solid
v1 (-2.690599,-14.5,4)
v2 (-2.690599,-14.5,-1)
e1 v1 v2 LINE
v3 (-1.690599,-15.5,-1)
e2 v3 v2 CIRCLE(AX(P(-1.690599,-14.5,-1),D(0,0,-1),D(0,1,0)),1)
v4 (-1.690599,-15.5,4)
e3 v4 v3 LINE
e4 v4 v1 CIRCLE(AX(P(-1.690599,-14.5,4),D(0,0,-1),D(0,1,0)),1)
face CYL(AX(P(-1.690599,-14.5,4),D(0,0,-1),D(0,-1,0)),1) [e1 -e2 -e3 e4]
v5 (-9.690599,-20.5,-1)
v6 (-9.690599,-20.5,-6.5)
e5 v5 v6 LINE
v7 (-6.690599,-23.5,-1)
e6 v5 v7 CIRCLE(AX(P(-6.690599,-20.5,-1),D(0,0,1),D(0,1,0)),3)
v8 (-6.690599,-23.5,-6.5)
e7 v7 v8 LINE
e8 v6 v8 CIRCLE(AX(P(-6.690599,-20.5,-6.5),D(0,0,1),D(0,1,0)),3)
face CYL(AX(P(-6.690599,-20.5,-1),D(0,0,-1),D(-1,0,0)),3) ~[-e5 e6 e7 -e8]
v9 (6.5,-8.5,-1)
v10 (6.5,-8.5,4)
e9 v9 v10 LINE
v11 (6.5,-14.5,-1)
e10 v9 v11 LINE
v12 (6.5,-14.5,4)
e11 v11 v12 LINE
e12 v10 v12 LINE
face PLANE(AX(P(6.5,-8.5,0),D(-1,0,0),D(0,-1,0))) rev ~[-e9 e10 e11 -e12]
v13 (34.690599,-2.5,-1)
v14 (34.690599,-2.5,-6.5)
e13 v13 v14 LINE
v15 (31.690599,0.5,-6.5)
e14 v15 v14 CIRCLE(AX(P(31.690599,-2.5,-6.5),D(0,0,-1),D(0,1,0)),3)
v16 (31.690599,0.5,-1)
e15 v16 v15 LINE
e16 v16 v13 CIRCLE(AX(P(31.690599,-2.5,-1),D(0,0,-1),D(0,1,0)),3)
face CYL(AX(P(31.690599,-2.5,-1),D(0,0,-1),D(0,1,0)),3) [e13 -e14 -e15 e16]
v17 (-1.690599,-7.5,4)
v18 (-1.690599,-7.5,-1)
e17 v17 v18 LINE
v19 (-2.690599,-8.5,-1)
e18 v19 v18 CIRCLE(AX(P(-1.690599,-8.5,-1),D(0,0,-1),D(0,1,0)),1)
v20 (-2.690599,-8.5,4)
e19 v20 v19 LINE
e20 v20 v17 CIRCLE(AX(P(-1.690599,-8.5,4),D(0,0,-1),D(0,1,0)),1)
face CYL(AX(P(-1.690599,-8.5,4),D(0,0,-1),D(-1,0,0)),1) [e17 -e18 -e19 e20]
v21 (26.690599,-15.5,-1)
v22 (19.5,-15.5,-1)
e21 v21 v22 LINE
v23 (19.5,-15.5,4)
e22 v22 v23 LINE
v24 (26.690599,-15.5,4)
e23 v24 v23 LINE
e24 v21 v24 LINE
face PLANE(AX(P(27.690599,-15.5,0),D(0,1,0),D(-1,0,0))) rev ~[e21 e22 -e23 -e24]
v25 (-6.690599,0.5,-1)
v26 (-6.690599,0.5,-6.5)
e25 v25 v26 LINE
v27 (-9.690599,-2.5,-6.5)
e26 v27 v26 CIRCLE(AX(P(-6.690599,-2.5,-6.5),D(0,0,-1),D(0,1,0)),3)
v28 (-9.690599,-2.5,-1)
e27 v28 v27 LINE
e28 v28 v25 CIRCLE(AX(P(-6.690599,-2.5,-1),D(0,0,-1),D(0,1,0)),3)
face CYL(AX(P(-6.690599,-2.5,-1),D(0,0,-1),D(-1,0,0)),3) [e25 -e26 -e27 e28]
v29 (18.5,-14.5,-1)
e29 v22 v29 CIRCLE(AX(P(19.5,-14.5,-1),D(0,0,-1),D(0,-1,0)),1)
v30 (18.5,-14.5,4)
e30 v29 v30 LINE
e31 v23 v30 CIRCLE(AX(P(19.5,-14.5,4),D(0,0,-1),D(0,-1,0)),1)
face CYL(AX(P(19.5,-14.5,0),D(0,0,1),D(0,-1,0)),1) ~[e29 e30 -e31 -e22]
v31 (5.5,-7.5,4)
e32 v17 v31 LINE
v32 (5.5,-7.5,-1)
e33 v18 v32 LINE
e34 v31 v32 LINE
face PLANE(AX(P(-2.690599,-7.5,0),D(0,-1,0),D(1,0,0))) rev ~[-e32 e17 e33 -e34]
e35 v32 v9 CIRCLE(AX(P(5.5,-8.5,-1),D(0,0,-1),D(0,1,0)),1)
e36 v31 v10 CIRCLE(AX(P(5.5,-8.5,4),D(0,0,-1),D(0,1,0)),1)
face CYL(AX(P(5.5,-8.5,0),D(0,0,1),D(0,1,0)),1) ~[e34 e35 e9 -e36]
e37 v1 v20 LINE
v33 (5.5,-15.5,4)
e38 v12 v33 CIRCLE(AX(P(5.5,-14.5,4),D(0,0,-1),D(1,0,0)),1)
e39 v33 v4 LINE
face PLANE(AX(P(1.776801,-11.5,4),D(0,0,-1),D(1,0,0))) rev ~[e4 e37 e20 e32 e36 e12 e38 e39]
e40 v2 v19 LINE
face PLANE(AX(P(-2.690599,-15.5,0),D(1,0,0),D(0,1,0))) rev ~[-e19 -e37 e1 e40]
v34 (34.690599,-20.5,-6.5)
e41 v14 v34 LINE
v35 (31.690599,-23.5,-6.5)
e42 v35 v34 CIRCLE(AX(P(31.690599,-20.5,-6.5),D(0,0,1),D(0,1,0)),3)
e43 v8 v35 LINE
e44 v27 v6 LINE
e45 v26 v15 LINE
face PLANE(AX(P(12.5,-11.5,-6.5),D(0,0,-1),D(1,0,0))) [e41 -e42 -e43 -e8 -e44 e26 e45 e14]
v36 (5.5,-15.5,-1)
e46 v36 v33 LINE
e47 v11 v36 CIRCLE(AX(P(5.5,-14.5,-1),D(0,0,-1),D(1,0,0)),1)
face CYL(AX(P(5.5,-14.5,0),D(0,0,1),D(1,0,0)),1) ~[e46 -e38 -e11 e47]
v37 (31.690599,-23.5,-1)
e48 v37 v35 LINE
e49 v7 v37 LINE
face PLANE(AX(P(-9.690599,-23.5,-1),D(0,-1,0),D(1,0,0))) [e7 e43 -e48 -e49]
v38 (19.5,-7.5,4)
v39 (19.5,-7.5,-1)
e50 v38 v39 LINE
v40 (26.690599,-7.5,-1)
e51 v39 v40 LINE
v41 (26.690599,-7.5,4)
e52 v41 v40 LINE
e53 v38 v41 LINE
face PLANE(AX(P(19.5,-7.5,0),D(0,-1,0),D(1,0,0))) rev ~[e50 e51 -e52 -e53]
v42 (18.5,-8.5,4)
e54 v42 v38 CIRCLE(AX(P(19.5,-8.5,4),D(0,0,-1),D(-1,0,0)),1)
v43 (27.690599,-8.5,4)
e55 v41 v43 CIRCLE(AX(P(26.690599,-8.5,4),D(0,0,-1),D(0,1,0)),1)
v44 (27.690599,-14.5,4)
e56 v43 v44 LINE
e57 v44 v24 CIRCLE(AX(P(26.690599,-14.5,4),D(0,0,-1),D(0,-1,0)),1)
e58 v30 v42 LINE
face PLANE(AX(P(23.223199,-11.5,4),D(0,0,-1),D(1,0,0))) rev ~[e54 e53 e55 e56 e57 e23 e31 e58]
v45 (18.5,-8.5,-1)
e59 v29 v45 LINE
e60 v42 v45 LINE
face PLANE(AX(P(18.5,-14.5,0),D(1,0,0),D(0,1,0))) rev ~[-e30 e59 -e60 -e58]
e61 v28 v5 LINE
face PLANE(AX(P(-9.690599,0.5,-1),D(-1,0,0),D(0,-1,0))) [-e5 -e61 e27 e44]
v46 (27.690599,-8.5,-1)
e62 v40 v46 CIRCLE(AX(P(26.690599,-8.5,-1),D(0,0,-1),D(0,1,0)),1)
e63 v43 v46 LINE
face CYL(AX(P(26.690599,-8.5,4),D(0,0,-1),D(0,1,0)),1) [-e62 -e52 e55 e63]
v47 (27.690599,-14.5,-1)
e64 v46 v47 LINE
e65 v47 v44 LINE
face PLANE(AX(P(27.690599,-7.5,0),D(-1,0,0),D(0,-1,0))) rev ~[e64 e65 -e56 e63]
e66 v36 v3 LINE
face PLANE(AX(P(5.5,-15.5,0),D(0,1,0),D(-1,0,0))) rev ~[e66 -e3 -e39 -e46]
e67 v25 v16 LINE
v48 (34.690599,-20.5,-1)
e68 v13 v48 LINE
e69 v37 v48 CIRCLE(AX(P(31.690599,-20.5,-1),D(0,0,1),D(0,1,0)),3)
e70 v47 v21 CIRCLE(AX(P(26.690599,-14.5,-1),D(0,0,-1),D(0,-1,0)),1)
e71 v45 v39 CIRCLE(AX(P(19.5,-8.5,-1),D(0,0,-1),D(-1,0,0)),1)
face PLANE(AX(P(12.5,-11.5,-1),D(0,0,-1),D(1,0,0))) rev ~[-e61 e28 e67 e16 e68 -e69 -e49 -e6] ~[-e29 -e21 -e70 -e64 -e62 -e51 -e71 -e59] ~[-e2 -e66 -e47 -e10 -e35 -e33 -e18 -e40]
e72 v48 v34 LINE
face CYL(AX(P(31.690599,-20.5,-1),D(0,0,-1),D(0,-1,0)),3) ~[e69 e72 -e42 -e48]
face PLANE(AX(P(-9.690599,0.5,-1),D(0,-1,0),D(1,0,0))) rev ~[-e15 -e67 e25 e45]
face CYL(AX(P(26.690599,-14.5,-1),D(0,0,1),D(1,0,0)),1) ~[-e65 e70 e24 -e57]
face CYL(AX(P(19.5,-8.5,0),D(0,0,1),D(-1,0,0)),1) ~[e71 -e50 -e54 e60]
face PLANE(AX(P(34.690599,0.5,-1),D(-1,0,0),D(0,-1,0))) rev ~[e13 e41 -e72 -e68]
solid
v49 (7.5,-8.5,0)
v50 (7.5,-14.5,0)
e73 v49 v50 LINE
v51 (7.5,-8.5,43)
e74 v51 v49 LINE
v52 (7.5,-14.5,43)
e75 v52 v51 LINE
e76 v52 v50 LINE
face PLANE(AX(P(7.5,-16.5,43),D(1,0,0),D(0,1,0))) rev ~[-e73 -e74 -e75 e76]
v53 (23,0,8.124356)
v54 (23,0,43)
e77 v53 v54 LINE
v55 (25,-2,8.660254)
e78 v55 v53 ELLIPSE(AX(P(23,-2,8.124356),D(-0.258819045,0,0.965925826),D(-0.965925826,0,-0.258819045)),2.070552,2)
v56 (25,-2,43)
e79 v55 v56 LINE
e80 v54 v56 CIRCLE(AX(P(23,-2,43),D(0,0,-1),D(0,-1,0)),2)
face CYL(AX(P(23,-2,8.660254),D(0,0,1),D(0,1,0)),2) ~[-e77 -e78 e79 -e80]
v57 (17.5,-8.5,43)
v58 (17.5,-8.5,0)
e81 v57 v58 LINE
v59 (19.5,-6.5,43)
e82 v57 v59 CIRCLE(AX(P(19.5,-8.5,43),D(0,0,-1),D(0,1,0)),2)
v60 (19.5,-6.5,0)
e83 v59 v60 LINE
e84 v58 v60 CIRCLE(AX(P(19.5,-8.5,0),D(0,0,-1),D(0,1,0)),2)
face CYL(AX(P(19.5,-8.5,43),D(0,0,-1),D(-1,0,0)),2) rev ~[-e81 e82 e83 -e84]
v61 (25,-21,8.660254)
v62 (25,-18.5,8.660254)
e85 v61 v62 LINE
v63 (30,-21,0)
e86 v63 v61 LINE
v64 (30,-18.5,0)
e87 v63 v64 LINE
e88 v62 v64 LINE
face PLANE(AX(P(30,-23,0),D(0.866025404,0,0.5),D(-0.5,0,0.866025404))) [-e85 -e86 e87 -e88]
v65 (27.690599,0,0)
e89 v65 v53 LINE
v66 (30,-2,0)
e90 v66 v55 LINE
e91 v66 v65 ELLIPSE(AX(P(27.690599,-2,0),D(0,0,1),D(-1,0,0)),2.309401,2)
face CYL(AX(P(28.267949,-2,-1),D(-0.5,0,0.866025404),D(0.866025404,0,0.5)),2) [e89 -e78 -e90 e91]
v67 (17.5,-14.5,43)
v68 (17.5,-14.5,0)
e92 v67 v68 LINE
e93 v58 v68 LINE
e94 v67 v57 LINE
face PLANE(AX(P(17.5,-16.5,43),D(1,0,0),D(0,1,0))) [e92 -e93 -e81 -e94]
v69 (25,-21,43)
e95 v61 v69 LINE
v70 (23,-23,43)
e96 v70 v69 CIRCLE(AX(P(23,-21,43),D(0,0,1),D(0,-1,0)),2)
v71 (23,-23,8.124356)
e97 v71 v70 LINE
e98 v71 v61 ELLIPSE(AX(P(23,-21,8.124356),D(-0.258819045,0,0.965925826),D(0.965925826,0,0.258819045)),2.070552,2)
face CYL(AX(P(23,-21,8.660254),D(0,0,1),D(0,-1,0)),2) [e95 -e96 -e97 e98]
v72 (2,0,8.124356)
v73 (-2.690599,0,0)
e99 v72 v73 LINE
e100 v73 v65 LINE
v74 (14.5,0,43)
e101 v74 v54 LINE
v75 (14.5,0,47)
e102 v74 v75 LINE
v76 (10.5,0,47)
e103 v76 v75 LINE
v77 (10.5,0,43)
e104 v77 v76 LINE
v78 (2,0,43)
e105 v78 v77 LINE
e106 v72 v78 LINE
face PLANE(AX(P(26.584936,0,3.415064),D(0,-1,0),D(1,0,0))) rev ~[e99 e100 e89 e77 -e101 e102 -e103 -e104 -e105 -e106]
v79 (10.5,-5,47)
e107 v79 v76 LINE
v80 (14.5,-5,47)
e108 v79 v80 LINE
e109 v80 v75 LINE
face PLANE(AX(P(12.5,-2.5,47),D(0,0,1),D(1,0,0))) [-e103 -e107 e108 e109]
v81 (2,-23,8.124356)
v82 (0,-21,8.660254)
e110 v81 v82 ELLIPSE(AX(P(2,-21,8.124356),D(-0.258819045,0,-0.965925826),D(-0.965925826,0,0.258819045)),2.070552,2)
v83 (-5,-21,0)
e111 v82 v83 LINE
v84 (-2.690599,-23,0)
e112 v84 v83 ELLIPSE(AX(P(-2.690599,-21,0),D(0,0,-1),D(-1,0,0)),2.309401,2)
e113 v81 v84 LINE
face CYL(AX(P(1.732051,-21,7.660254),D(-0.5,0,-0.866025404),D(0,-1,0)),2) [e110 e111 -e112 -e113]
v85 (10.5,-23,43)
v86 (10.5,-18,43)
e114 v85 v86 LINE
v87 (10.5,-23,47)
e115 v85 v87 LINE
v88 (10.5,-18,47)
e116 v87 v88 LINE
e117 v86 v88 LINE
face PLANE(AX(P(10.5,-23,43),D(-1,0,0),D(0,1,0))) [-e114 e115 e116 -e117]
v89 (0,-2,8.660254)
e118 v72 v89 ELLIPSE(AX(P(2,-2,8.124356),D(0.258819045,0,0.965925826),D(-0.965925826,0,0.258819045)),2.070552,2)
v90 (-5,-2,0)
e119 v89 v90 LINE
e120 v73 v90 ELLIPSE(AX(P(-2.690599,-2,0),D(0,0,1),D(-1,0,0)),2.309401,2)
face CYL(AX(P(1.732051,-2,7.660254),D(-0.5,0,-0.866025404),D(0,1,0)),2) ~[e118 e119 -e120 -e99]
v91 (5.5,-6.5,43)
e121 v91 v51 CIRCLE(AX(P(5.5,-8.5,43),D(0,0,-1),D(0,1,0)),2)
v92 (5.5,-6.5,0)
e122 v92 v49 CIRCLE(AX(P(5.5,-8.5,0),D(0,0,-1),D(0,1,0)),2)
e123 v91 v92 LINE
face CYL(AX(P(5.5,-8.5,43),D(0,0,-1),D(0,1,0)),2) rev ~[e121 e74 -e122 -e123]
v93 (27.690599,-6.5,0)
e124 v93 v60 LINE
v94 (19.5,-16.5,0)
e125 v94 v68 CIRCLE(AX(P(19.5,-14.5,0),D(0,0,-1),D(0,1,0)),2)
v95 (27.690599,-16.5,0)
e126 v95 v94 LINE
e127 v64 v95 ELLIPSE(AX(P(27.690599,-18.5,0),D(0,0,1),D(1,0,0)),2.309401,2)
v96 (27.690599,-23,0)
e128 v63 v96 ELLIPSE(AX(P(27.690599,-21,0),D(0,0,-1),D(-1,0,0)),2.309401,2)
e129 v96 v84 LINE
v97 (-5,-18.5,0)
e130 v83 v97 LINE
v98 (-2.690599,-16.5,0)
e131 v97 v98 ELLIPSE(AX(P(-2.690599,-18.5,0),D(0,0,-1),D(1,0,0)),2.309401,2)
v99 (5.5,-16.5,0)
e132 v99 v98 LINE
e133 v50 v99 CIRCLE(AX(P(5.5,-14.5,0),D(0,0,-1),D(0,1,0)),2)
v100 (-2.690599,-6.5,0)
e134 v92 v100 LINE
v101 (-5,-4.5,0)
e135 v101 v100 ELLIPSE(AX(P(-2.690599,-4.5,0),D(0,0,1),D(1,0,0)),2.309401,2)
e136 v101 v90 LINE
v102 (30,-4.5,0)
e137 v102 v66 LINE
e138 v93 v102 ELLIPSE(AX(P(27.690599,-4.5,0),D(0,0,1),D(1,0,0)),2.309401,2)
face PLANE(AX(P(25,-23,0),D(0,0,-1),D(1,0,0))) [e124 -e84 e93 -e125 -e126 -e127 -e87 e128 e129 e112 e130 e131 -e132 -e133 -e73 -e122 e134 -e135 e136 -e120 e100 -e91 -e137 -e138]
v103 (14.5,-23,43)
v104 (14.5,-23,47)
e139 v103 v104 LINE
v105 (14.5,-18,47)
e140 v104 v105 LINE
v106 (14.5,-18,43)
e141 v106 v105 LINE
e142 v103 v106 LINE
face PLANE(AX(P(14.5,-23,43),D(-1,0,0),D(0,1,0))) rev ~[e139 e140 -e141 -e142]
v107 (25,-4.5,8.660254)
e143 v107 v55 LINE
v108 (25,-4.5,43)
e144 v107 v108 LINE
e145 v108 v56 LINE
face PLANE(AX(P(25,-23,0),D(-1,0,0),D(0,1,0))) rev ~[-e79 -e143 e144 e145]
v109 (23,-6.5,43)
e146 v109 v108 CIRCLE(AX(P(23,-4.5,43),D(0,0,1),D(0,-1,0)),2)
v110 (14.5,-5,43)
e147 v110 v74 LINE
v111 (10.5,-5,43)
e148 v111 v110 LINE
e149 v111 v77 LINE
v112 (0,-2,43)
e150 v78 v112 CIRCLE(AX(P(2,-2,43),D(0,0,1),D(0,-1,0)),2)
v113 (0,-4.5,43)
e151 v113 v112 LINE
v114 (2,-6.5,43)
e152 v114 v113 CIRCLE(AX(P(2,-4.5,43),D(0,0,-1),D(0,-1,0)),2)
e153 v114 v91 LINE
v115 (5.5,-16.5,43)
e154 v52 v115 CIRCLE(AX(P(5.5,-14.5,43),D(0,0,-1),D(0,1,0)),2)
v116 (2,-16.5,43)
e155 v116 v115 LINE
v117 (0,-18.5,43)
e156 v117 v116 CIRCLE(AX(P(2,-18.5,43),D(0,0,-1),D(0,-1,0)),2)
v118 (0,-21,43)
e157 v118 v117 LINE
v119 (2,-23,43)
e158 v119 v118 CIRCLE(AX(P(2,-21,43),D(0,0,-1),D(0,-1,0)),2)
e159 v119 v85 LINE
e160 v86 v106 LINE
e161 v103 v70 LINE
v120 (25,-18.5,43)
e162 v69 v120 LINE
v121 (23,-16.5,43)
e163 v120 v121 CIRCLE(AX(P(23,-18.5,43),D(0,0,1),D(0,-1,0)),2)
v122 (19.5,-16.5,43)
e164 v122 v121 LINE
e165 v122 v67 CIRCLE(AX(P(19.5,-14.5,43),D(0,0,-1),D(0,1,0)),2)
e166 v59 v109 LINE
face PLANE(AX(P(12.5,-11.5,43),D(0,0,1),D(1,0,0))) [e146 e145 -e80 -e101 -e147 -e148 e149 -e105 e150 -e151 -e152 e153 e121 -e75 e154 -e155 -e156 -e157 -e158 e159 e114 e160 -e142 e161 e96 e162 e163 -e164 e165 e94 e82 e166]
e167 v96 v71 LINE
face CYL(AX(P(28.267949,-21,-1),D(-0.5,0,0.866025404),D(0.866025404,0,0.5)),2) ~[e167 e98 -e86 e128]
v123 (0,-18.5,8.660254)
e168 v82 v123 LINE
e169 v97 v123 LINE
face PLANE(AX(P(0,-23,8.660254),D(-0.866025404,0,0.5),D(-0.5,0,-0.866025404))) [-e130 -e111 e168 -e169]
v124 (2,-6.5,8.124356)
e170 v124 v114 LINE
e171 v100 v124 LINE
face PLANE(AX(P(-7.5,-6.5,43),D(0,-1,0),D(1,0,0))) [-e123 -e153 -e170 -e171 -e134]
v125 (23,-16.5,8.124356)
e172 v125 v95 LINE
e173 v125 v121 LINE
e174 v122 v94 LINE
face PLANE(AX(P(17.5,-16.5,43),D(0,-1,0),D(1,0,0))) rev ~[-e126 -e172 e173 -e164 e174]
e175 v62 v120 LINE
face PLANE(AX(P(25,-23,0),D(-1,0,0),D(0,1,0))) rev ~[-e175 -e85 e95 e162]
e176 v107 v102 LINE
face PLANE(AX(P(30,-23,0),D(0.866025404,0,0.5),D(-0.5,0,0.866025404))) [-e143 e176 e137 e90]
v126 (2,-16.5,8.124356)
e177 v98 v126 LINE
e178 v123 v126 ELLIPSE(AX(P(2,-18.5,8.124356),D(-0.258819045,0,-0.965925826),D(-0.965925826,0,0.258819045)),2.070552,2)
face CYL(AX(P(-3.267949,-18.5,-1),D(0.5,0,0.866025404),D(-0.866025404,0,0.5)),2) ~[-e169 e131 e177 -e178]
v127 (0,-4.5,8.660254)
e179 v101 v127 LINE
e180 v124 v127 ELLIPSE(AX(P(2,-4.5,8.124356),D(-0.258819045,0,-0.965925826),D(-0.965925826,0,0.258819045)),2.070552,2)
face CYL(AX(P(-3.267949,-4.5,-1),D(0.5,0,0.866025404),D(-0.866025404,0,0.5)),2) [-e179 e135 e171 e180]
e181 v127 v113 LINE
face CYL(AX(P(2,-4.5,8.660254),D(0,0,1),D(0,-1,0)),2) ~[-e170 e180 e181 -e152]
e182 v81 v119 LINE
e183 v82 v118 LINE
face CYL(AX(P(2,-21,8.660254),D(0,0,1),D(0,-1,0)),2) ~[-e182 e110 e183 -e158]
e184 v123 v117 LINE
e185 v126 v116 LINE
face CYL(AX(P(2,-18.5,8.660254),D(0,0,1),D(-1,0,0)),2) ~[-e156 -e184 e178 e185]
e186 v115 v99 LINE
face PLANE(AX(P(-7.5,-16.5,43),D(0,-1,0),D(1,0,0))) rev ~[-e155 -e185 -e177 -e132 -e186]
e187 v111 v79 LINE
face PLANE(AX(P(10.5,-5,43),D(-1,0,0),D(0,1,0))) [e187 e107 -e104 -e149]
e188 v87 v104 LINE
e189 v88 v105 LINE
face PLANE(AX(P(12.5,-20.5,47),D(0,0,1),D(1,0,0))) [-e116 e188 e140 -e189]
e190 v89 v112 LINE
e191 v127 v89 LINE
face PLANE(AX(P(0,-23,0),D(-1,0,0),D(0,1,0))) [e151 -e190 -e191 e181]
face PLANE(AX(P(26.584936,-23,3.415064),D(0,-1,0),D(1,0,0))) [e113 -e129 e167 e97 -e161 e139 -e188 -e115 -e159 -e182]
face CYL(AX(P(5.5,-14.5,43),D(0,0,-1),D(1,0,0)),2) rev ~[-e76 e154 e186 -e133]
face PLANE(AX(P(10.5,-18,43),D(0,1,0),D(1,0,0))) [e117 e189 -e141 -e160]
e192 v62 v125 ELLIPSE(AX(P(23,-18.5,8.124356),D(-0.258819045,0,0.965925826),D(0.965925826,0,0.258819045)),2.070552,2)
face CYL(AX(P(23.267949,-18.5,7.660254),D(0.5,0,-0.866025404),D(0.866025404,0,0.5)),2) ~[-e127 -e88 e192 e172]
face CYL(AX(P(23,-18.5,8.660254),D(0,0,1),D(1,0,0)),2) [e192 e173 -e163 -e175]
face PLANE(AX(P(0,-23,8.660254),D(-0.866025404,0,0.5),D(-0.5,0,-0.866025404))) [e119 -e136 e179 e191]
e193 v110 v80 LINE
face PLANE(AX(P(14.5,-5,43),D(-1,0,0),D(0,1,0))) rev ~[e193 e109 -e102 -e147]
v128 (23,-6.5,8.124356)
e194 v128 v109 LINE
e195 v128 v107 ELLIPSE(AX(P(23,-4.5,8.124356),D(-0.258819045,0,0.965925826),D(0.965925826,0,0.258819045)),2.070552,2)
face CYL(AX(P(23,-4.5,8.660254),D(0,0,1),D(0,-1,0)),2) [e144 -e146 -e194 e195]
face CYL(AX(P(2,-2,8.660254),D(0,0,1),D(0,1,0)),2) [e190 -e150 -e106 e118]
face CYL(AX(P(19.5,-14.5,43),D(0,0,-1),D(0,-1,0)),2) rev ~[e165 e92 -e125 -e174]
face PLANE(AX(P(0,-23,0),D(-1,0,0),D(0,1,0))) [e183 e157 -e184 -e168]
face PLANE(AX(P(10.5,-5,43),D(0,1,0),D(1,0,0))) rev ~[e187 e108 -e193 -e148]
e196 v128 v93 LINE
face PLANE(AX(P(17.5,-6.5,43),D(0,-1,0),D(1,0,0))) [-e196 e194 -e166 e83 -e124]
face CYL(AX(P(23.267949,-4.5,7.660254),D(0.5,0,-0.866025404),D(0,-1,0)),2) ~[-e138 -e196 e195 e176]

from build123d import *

# Parameters (mm, degrees)
F0_W           = 25
F0_H           = 23
F1_DEPTH       = 43
F2_W           = 4
F2_H           = 5
F3_DEPTH       = 4
F5_DEPTH       = 23
F6_W           = 15
F6_H           = 10
F7_DEPTH       = 43.001
F8_R           = 2
F10_DEPTH      = 4
F10_DEPTH_BACK = 1
F11_W          = 44.3811978465
F11_H          = 24
F12_DEPTH      = 5.5
F13_R          = 3
F14_R          = 1


with BuildPart() as f1:
    # F0 (on Top) → F1 (new body)
    with BuildSketch(Plane.XY):
        with Locations((12.5, -11.5)):
            Rectangle(F0_W, F0_H)
    extrude(amount=F1_DEPTH)

    # F2 (on face) → F3 (join)
    with BuildSketch(Plane.XY.offset(43)):
        with Locations((12.5, -2.5)):
            Rectangle(F2_W, F2_H)
        with Locations((12.5, -20.5)):
            Rectangle(F2_W, F2_H)
    extrude(amount=F3_DEPTH)

    # F4 (on face) → F5 (join)
    with BuildSketch(Plane.XZ.offset(23)):
        Polygon((30, 0), (25, 8.6602540378), (25, 0), align=None)
        Polygon((0, 0), (0, 8.6602540378), (-5, 0), align=None)
    extrude(amount=-F5_DEPTH)

    # F6 (on face) → F7 (cut, through all)
    with BuildSketch(Plane.XY.offset(43)):
        with Locations((0, -11.5)):
            Rectangle(F6_W, F6_H)
        with Locations((25, -11.5)):
            Rectangle(F6_W, F6_H)
    extrude(amount=-F7_DEPTH, mode=Mode.SUBTRACT)

    # F8
    f8_edges = [f1.edges().sort_by_distance(p)[0] for p in [
        (25, -23, 25.830127),
        (27.5, -23, 4.330127),
        (0, -23, 25.830127),
        (0, -16.5, 25.830127),
        (-2.5, -23, 4.330127),
        (-2.5, -16.5, 4.330127),
        (7.5, -16.5, 21.5),
        (7.5, -6.5, 21.5),
        (0, -6.5, 25.830127),
        (-2.5, -6.5, 4.330127),
        (0, 0, 25.830127),
        (-2.5, 0, 4.330127),
        (17.5, -16.5, 21.5),
        (25, -16.5, 25.830127),
        (27.5, -16.5, 4.330127),
        (27.5, 0, 4.330127),
        (25, 0, 25.830127),
        (17.5, -6.5, 21.5),
        (25, -6.5, 25.830127),
        (27.5, -6.5, 4.330127),
    ]]
    fillet(f8_edges, radius=F8_R)


with BuildPart() as f10:
    # F9 (on face) → F10 (new body, two sides)
    with BuildSketch(Plane(origin=(0, 0, 0), x_dir=(1, 0, 0), z_dir=(0, 0, -1))) as f10_sk:
        with BuildLine():
            Line((5.5, 15.5), (-2.6905989232, 15.5))
            Line((-2.6905989232, 15.5), (-2.6905989232, 7.5))
            Line((-2.6905989232, 7.5), (5.5, 7.5))
            ThreePointArc((5.5, 7.5), (6.2071067812, 7.7928932188), (6.5, 8.5))
            Line((6.5, 8.5), (6.5, 14.5))
            ThreePointArc((6.5, 14.5), (6.2071067812, 15.2071067812), (5.5, 15.5))
        make_face()
    extrude(amount=-F10_DEPTH)
    extrude(f10_sk.sketch, amount=F10_DEPTH_BACK)



with BuildPart() as f10b:
    # F9 (on face) → F10, piece 2 (new body, two sides)
    with BuildSketch(Plane(origin=(0, 0, 0), x_dir=(1, 0, 0), z_dir=(0, 0, -1))) as f10_2_sk:
        with BuildLine():
            Line((18.5, 14.5), (18.5, 8.5))
            ThreePointArc((18.5, 8.5), (18.7928932188, 7.7928932188), (19.5, 7.5))
            Line((19.5, 7.5), (27.6905989232, 7.5))
            Line((27.6905989232, 7.5), (27.6905989232, 15.5))
            Line((27.6905989232, 15.5), (19.5, 15.5))
            ThreePointArc((19.5, 15.5), (18.7928932188, 15.2071067812), (18.5, 14.5))
        make_face()
    extrude(amount=-F10_DEPTH)
    extrude(f10_2_sk.sketch, amount=F10_DEPTH_BACK)


with BuildPart() as f10_1:
    add(f10.part)

    add(f10b.part)  # F12 merges F10b
    # F11 (on face) → F12 (join)
    with BuildSketch(Plane(origin=(0, 0, -1), x_dir=(1, 0, 0), z_dir=(0, 0, -1))):
        with Locations((12.5, 11.5)):
            Rectangle(F11_W, F11_H)
    extrude(amount=F12_DEPTH)

    # F13
    f13_edges = [f10_1.edges().sort_by_distance(p)[0] for p in [
        (34.690599, -23.5, -3.75),
        (-9.690599, -23.5, -3.75),
        (-9.690599, 0.5, -3.75),
        (34.690599, 0.5, -3.75),
    ]]
    fillet(f13_edges, radius=F13_R)

    # F14
    f14_edges = [f10_1.edges().sort_by_distance(p)[0] for p in [
        (27.690599, -15.5, 1.5),
        (27.690599, -7.5, 1.5),
        (-2.690599, -7.5, 1.5),
        (-2.690599, -15.5, 1.5),
    ]]
    fillet(f14_edges, radius=F14_R)


solid = Compound([f1.part, f10_1.part])
